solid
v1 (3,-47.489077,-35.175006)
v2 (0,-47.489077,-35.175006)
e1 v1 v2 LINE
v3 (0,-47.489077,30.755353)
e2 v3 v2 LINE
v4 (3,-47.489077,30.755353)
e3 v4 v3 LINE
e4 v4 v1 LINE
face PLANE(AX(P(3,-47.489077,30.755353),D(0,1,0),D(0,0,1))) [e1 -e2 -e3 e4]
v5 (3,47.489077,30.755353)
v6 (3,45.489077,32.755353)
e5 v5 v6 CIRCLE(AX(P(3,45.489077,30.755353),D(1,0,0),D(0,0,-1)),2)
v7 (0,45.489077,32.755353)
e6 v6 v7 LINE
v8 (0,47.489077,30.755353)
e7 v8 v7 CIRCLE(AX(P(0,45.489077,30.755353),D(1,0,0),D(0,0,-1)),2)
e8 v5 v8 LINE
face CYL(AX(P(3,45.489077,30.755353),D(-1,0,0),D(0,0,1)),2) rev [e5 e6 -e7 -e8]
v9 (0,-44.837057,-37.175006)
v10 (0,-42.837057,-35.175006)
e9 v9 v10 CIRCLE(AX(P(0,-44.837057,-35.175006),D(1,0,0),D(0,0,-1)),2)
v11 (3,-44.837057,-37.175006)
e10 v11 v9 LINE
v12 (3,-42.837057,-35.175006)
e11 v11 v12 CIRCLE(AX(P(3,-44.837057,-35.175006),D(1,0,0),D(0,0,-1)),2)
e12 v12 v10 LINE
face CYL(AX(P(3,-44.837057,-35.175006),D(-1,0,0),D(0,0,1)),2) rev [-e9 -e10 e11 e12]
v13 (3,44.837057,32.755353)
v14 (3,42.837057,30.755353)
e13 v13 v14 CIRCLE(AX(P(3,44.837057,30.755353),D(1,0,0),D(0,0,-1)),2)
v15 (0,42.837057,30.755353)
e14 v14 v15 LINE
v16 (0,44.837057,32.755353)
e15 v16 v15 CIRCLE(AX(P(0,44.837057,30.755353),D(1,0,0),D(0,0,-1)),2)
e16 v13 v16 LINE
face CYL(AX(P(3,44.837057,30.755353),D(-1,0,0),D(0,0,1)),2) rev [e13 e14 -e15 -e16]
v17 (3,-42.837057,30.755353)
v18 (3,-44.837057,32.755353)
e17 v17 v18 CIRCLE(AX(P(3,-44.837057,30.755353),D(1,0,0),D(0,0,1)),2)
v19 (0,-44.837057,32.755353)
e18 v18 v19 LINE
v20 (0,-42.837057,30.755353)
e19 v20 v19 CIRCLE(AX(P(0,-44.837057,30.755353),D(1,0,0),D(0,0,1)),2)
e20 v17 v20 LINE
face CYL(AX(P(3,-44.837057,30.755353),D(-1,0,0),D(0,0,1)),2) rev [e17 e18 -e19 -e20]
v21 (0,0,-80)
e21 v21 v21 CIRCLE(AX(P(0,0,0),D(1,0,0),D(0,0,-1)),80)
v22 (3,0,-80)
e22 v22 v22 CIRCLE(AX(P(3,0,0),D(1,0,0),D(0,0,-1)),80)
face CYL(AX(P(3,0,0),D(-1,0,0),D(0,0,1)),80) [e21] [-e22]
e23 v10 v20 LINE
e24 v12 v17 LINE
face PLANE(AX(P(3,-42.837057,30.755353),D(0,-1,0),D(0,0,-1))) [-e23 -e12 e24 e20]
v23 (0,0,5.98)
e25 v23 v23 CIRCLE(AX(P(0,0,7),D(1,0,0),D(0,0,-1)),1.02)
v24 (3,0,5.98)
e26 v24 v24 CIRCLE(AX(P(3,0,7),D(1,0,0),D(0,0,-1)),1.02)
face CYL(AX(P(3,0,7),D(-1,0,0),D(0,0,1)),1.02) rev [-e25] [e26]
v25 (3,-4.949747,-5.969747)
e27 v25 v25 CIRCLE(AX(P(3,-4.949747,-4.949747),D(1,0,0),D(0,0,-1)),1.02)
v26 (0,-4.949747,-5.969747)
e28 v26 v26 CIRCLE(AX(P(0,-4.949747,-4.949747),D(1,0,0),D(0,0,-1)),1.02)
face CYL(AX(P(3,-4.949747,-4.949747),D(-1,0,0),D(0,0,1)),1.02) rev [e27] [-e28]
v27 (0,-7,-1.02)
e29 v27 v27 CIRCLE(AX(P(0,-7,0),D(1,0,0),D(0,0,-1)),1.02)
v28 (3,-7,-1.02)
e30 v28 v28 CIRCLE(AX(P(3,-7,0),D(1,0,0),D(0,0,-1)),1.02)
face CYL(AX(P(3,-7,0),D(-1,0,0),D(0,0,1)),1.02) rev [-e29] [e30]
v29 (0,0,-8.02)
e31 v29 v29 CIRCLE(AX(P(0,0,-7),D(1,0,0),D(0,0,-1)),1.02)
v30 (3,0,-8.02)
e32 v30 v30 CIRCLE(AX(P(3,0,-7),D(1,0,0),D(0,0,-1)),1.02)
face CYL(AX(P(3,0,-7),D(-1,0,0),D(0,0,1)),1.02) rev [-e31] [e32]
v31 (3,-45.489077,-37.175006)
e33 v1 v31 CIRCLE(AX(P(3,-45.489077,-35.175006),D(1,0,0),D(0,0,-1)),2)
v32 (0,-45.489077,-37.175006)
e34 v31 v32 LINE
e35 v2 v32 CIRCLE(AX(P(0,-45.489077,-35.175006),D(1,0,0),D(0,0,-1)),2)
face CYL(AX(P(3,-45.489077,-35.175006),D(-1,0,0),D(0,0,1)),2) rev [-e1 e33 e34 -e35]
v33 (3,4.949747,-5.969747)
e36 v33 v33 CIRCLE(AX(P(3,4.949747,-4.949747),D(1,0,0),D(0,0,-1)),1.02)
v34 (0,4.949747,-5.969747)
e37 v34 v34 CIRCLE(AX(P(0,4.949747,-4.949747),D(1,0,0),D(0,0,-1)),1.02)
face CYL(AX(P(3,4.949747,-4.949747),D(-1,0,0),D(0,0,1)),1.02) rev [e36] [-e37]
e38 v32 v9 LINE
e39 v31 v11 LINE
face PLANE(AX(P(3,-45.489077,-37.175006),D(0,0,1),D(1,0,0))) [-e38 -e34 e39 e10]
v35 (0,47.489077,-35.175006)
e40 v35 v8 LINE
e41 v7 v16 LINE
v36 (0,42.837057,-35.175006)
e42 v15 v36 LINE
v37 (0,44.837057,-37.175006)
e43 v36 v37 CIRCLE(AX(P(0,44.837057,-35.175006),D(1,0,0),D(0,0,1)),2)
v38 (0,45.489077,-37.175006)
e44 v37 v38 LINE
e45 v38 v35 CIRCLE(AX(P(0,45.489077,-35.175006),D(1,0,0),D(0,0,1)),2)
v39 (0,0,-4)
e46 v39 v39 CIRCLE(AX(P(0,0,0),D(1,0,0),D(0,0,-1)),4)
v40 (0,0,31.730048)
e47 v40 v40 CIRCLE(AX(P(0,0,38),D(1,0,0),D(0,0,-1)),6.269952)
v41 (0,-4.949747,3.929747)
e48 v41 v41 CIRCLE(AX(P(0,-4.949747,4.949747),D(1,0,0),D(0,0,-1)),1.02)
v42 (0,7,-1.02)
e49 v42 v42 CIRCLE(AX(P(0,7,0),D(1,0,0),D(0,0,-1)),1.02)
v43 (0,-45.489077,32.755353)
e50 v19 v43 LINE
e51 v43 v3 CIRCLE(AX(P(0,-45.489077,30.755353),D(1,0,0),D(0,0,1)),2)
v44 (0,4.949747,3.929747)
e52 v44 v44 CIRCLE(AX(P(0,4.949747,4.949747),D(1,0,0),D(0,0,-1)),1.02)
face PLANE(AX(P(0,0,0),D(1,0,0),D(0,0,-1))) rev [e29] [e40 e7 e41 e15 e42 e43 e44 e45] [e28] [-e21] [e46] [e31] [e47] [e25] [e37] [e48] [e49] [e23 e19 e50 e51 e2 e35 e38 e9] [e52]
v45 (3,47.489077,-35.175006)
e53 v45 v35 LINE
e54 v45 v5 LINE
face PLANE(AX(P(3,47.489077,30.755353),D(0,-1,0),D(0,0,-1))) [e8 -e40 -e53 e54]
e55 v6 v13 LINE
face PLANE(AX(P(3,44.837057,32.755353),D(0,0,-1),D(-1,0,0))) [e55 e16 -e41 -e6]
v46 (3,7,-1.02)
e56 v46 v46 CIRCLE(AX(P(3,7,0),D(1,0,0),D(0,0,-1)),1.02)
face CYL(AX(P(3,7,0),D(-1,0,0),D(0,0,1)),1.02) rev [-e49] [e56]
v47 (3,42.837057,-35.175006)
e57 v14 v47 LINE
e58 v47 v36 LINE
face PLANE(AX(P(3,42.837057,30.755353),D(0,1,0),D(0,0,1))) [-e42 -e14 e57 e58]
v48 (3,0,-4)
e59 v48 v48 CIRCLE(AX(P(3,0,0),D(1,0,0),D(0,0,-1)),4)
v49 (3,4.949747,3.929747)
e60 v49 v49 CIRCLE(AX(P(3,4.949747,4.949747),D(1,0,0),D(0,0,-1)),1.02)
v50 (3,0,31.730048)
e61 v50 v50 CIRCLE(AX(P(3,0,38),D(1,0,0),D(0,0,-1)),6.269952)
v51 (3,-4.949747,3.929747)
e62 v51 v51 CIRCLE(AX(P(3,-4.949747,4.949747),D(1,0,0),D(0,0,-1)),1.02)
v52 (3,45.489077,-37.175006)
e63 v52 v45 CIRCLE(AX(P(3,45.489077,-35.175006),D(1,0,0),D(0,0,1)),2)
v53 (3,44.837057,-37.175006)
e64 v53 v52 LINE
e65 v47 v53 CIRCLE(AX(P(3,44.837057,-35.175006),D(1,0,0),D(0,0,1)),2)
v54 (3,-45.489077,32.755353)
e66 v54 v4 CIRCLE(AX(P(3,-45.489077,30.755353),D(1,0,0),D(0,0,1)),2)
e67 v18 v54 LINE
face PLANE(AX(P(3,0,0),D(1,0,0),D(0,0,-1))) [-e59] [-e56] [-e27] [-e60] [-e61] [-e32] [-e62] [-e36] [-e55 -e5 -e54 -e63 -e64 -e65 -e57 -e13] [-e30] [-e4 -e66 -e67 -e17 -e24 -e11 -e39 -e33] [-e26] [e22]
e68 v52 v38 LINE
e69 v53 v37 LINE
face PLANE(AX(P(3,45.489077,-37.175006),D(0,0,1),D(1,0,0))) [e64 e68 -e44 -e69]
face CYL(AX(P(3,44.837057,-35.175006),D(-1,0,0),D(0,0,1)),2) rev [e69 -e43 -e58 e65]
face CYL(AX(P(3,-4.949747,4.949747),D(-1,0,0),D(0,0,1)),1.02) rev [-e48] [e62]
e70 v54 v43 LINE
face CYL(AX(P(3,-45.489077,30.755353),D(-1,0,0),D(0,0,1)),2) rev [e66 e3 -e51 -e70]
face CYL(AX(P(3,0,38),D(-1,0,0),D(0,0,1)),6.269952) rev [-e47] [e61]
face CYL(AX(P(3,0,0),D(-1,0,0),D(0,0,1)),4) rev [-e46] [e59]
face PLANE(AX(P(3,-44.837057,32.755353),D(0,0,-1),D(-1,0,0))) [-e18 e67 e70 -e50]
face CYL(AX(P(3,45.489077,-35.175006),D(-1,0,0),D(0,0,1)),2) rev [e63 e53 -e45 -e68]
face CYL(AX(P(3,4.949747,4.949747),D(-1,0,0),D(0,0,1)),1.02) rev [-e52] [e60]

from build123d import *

# Parameters (mm, degrees)
SKETCH_1_R      = 80
SKETCH_1_R_2    = 4
SKETCH_1_R_3    = 1.02
SKETCH_1_R_4    = 6.269952148
EXTRUDE_1_DEPTH = 3


with BuildPart() as part:
    # ｽｹｯﾁ1 → ﾎﾞｽ - 押し出し1 (new body)
    with BuildSketch(Plane(origin=(0, 0, 0), x_dir=(0, 0, -1), z_dir=(1, 0, 0))):
        Circle(SKETCH_1_R)
        Circle(SKETCH_1_R_2, mode=Mode.SUBTRACT)
        with Locations((4.949747468, 4.949747468)):
            Circle(SKETCH_1_R_3, mode=Mode.SUBTRACT)
        with Locations((7, 0)):
            Circle(SKETCH_1_R_3, mode=Mode.SUBTRACT)
        with Locations((4.949747468, -4.949747468)):
            Circle(SKETCH_1_R_3, mode=Mode.SUBTRACT)
        with Locations((0, -7)):
            Circle(SKETCH_1_R_3, mode=Mode.SUBTRACT)
        with Locations((-4.949747468, -4.949747468)):
            Circle(SKETCH_1_R_3, mode=Mode.SUBTRACT)
        with Locations((-7, 0)):
            Circle(SKETCH_1_R_3, mode=Mode.SUBTRACT)
        with Locations((-4.949747468, 4.949747468)):
            Circle(SKETCH_1_R_3, mode=Mode.SUBTRACT)
        with Locations((0, 7)):
            Circle(SKETCH_1_R_3, mode=Mode.SUBTRACT)
        with Locations((-38, 0)):
            Circle(SKETCH_1_R_4, mode=Mode.SUBTRACT)
        with BuildLine():
            Line((-30.755353243, 42.837057437), (35.175005572, 42.837057437))
            ThreePointArc((35.175005572, 42.837057437), (36.589219135, 43.422843874), (37.175005572, 44.837057437))
            Line((37.175005572, 44.837057437), (37.175005572, 45.489077015))
            ThreePointArc((37.175005572, 45.489077015), (36.589219135, 46.903290577), (35.175005572, 47.489077015))
            Line((35.175005572, 47.489077015), (-30.755353243, 47.489077015))
            ThreePointArc((-30.755353243, 47.489077015), (-32.169566806, 46.903290577), (-32.755353243, 45.489077015))
            Line((-32.755353243, 45.489077015), (-32.755353243, 44.837057437))
            ThreePointArc((-32.755353243, 44.837057437), (-32.169566806, 43.422843874), (-30.755353243, 42.837057437))
        make_face(mode=Mode.SUBTRACT)
        with BuildLine():
            Line((37.175005572, -45.489077015), (37.175005572, -44.837057437))
            ThreePointArc((37.175005572, -44.837057437), (36.589219135, -43.422843874), (35.175005572, -42.837057437))
            Line((35.175005572, -42.837057437), (-30.755353243, -42.837057437))
            ThreePointArc((-30.755353243, -42.837057437), (-32.169566806, -43.422843874), (-32.755353243, -44.837057437))
            Line((-32.755353243, -44.837057437), (-32.755353243, -45.489077015))
            ThreePointArc((-32.755353243, -45.489077015), (-32.169566806, -46.903290577), (-30.755353243, -47.489077015))
            Line((-30.755353243, -47.489077015), (35.175005572, -47.489077015))
            ThreePointArc((35.175005572, -47.489077015), (36.589219135, -46.903290577), (37.175005572, -45.489077015))
        make_face(mode=Mode.SUBTRACT)
    extrude(amount=EXTRUDE_1_DEPTH)


solid = part.part
